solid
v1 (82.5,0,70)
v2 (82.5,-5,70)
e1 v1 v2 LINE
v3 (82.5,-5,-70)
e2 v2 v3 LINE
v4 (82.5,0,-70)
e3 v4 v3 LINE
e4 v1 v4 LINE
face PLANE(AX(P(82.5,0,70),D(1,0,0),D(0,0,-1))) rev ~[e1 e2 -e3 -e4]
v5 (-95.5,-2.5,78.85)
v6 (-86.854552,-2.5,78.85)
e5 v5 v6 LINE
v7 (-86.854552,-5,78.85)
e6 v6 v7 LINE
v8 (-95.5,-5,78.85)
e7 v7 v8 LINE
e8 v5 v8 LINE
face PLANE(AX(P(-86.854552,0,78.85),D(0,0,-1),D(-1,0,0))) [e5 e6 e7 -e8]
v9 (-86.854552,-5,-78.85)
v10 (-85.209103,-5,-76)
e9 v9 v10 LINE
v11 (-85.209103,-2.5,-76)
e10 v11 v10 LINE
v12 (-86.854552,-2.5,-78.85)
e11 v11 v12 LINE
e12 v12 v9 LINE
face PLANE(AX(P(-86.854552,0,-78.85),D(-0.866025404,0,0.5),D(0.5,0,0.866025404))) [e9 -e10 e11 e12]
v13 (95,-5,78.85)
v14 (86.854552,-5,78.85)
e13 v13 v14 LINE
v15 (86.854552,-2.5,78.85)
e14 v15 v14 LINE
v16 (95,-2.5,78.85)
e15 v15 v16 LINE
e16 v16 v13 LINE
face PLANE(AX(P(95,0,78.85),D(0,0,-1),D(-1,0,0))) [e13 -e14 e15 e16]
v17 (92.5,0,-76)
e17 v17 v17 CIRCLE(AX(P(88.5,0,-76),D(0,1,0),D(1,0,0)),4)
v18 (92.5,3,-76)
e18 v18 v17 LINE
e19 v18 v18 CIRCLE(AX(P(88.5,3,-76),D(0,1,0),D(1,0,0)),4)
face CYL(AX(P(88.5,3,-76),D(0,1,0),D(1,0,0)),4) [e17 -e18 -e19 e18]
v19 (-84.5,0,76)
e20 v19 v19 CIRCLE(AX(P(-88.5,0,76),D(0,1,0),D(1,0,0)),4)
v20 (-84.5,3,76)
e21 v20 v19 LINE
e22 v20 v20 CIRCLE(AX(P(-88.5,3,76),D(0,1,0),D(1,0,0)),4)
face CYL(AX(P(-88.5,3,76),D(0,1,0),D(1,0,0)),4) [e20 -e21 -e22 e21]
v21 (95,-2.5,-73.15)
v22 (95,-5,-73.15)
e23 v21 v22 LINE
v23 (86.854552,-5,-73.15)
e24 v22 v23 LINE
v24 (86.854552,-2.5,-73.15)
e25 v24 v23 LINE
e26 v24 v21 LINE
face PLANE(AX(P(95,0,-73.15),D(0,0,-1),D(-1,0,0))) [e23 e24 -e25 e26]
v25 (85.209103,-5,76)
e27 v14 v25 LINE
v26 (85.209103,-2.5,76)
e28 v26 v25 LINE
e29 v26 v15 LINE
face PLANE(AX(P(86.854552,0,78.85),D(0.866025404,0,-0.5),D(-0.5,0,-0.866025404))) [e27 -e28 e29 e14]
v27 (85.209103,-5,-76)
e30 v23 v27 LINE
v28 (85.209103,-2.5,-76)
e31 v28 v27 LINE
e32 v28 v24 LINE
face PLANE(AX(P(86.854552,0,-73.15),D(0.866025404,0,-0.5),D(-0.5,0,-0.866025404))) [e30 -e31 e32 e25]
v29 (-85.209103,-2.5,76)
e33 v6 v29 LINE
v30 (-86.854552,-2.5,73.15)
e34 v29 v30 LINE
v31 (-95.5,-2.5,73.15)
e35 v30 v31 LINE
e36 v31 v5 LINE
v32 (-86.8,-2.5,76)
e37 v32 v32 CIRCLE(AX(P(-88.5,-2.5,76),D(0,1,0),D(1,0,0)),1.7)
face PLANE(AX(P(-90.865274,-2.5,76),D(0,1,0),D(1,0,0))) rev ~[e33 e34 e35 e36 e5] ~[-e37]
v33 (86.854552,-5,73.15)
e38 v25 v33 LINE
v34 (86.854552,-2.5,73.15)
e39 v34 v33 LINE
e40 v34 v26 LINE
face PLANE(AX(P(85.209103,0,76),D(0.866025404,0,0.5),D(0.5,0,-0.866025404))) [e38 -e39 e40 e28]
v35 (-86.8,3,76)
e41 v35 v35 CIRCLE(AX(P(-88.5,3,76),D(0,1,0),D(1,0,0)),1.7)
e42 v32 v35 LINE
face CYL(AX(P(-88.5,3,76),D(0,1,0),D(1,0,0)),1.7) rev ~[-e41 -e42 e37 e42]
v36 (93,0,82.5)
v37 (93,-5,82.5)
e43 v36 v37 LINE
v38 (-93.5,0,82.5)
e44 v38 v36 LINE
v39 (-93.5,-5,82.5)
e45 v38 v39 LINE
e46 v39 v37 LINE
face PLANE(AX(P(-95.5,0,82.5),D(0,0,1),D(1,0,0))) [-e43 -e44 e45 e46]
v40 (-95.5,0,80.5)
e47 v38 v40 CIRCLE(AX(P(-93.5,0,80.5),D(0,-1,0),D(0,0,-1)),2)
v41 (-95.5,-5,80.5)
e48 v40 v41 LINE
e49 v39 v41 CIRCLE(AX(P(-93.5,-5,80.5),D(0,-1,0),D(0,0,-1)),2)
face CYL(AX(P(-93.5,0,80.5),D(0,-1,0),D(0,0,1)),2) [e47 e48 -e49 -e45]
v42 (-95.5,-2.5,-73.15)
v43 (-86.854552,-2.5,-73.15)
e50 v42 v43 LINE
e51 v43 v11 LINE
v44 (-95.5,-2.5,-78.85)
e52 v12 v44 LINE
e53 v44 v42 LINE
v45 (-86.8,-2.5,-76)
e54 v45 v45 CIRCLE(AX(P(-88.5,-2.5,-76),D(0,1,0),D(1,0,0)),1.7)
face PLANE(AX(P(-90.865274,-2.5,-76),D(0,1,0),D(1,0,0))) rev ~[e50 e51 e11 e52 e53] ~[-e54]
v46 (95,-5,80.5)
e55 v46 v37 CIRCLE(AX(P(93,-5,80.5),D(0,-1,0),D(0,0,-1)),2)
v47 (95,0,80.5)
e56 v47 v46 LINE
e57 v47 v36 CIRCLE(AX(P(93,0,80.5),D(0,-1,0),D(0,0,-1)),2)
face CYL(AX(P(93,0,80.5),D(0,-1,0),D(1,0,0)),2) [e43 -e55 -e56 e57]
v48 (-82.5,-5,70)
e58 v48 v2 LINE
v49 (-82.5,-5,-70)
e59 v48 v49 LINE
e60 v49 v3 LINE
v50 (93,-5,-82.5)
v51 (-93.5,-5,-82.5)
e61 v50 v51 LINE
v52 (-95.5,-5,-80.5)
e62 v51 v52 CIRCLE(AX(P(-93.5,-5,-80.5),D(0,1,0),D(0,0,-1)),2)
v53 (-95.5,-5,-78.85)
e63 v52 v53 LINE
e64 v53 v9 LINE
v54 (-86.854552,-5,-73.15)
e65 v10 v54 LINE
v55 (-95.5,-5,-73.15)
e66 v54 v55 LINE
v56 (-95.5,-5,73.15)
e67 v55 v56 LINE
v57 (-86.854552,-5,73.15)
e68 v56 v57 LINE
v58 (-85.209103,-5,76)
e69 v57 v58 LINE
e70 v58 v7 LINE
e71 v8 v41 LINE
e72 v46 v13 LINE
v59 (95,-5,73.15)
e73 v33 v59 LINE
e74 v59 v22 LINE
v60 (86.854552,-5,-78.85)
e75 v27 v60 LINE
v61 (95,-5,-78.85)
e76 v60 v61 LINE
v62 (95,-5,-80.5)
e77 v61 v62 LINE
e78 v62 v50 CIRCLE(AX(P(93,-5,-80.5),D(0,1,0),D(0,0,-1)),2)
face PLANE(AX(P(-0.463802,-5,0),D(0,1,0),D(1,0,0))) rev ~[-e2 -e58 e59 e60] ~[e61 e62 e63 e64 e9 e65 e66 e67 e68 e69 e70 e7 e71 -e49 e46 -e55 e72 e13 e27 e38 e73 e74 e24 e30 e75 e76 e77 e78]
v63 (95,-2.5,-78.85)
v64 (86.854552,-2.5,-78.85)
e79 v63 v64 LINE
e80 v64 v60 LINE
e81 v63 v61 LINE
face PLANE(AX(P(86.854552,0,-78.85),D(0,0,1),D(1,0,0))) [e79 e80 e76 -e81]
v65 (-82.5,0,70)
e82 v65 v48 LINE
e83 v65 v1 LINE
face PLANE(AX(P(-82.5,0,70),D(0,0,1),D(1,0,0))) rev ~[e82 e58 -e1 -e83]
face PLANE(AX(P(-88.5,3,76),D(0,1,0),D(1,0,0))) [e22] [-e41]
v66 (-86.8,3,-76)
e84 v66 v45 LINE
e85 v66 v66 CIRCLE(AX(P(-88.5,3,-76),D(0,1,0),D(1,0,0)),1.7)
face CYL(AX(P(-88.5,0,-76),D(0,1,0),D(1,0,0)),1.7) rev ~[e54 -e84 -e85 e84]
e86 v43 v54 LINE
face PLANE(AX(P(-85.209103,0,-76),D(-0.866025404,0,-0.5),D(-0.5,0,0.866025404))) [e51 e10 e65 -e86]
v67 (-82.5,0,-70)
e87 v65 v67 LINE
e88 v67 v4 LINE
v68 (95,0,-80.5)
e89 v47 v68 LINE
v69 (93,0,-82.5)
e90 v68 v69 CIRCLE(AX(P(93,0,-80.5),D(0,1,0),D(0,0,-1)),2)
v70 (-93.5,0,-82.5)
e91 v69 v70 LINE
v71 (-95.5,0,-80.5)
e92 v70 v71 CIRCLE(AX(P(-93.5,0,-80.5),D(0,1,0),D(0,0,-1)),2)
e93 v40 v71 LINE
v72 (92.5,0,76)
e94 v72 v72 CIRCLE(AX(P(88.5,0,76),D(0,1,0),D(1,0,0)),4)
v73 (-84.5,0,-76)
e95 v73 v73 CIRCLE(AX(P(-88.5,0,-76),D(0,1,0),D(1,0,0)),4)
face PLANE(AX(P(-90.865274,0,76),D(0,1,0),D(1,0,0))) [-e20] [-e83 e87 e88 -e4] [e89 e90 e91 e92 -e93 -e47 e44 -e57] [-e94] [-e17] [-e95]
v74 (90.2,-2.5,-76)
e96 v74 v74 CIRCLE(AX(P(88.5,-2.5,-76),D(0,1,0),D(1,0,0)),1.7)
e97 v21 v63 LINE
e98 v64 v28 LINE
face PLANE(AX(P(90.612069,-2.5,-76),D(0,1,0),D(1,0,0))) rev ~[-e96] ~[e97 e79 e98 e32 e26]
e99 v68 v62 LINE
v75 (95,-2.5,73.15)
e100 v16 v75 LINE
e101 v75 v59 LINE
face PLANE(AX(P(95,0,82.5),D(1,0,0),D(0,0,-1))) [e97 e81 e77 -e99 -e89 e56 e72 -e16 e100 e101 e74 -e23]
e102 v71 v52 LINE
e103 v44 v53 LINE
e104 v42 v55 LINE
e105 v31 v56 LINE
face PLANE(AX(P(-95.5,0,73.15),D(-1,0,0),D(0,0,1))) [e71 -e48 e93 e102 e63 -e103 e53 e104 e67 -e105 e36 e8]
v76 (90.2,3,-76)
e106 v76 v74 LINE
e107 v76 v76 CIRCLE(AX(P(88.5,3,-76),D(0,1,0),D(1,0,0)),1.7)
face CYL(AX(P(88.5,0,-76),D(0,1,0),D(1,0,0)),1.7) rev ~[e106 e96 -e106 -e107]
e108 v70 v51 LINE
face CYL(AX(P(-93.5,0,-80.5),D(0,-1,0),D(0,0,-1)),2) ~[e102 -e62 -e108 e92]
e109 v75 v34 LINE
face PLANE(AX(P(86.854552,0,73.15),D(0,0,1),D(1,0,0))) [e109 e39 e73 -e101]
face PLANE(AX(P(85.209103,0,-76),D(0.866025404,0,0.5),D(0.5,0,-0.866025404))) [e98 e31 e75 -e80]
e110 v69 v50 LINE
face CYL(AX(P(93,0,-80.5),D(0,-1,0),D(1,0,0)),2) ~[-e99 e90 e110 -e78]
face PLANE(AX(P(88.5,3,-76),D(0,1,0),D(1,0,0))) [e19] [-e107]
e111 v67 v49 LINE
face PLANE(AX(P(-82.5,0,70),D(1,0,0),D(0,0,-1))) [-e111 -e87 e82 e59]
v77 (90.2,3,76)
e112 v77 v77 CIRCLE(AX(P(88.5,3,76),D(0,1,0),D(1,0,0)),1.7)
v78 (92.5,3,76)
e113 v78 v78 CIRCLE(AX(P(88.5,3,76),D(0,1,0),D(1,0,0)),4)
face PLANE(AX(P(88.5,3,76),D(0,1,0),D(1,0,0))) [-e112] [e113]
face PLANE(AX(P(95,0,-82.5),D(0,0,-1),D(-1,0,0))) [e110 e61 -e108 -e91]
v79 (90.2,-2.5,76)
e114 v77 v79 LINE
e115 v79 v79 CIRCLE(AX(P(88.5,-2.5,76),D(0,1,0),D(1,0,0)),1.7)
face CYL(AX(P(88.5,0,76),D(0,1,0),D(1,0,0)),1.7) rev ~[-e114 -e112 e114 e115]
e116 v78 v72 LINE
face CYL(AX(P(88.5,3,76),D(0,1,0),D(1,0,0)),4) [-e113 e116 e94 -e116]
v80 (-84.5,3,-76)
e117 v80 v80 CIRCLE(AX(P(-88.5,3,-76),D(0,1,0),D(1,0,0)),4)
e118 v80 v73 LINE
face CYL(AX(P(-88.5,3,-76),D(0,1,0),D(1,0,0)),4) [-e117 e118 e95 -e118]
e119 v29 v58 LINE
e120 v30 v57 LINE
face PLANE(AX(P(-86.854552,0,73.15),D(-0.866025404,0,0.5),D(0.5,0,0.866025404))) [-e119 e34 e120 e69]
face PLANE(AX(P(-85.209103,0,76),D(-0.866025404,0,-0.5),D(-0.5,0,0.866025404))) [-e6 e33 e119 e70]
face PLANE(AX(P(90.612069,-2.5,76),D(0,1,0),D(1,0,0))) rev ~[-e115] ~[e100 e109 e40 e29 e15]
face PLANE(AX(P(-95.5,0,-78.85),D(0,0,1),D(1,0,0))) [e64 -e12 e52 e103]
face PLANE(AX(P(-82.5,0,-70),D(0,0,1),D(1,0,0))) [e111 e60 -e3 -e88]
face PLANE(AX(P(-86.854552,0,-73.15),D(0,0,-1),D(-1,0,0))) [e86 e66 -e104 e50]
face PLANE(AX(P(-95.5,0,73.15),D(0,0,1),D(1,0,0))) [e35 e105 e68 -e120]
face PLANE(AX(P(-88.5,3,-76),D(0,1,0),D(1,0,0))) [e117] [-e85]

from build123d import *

# Parameters (mm, degrees)
SKETCH2_W           = 165
SKETCH2_H           = 140
BOSS_EXTRUDE1_DEPTH = 5
SKETCH2_3_R         = 1.7
BOSS_EXTRUDE2_DEPTH = 2.5
BOSS_EXTRUDE3_START = 3
SKETCH2_5_R         = 4
SKETCH2_5_R_2       = 1.7
BOSS_EXTRUDE3_DEPTH = 3
FILLET1_R           = 2


with BuildPart() as part:
    # Sketch2 → Boss-Extrude1 (new body)
    with BuildSketch(Plane(origin=(0, 0, 0), x_dir=(1, 0, 0), z_dir=(0, 1, 0))):
        Polygon((-95.5, -78.85), (-95.5, -82.5), (95, -82.5), (95, -78.85), (86.854551733, -78.85), (85.209103466, -76), (86.854551733, -73.15), (95, -73.15), (95, 73.15), (86.854551733, 73.15), (85.209103466, 76), (86.854551733, 78.85), (95, 78.85), (95, 82.5), (-95.5, 82.5), (-95.5, 78.85), (-86.854551733, 78.85), (-85.209103466, 76), (-86.854551733, 73.15), (-95.5, 73.15), (-95.5, -73.15), (-86.854551733, -73.15), (-85.209103466, -76), (-86.854551733, -78.85), align=None)
        Rectangle(SKETCH2_W, SKETCH2_H, mode=Mode.SUBTRACT)
    extrude(amount=-BOSS_EXTRUDE1_DEPTH)

    # Sketch2<3> → Boss-Extrude2 (add)
    # profile 1 of 4: a face of its own
    with BuildSketch(Plane(origin=(0, 0, 0), x_dir=(1, 0, 0), z_dir=(0, 1, 0))):
        Polygon((-95.5, -78.85), (-86.854551733, -78.85), (-85.209103466, -76), (-86.854551733, -73.15), (-95.5, -73.15), align=None)
        with Locations((-88.5, -76)):
            Circle(SKETCH2_3_R, mode=Mode.SUBTRACT)
    # profile 2 of 4: a face of its own
    with BuildSketch(Plane(origin=(0, 0, 0), x_dir=(1, 0, 0), z_dir=(0, 1, 0))):
        Polygon((95, -78.85), (95, -73.15), (86.854551733, -73.15), (85.209103466, -76), (86.854551733, -78.85), align=None)
        with Locations((88.5, -76)):
            Circle(SKETCH2_3_R, mode=Mode.SUBTRACT)
    # profile 3 of 4: a face of its own
    with BuildSketch(Plane(origin=(0, 0, 0), x_dir=(1, 0, 0), z_dir=(0, 1, 0))):
        Polygon((-95.5, 73.15), (-86.854551733, 73.15), (-85.209103466, 76), (-86.854551733, 78.85), (-95.5, 78.85), align=None)
        with Locations((-88.5, 76)):
            Circle(SKETCH2_3_R, mode=Mode.SUBTRACT)
    # profile 4 of 4: a face of its own
    with BuildSketch(Plane(origin=(0, 0, 0), x_dir=(1, 0, 0), z_dir=(0, 1, 0))):
        Polygon((95, 73.15), (95, 78.85), (86.854551733, 78.85), (85.209103466, 76), (86.854551733, 73.15), align=None)
        with Locations((88.5, 76)):
            Circle(SKETCH2_3_R, mode=Mode.SUBTRACT)
    extrude(amount=-BOSS_EXTRUDE2_DEPTH)

    # Sketch2<5> → Boss-Extrude3 (add)
    # profile 1 of 4: a face of its own
    with BuildSketch(Plane(origin=(0, 0, 0), x_dir=(1, 0, 0), z_dir=(0, 1, 0)).offset(BOSS_EXTRUDE3_START)):
        with Locations((-88.5, -76)):
            Circle(SKETCH2_5_R)
        with Locations((-88.5, -76)):
            Circle(SKETCH2_5_R_2, mode=Mode.SUBTRACT)
    # profile 2 of 4: a face of its own
    with BuildSketch(Plane(origin=(0, 0, 0), x_dir=(1, 0, 0), z_dir=(0, 1, 0)).offset(BOSS_EXTRUDE3_START)):
        with Locations((88.5, -76)):
            Circle(SKETCH2_5_R)
        with Locations((88.5, -76)):
            Circle(SKETCH2_5_R_2, mode=Mode.SUBTRACT)
    # profile 3 of 4: a face of its own
    with BuildSketch(Plane(origin=(0, 0, 0), x_dir=(1, 0, 0), z_dir=(0, 1, 0)).offset(BOSS_EXTRUDE3_START)):
        with Locations((-88.5, 76)):
            Circle(SKETCH2_5_R)
        with Locations((-88.5, 76)):
            Circle(SKETCH2_5_R_2, mode=Mode.SUBTRACT)
    # profile 4 of 4: a face of its own
    with BuildSketch(Plane(origin=(0, 0, 0), x_dir=(1, 0, 0), z_dir=(0, 1, 0)).offset(BOSS_EXTRUDE3_START)):
        with Locations((88.5, 76)):
            Circle(SKETCH2_5_R)
        with Locations((88.5, 76)):
            Circle(SKETCH2_5_R_2, mode=Mode.SUBTRACT)
    extrude(amount=-BOSS_EXTRUDE3_DEPTH)

    # Fillet1
    fillet1_edges = [part.edges().sort_by_distance(p)[0] for p in [
        (95, -2.5, -82.5),
        (-95.5, -2.5, -82.5),
        (-95.5, -2.5, 82.5),
        (95, -2.5, 82.5),
    ]]
    fillet(fillet1_edges, radius=FILLET1_R)


solid = part.part
